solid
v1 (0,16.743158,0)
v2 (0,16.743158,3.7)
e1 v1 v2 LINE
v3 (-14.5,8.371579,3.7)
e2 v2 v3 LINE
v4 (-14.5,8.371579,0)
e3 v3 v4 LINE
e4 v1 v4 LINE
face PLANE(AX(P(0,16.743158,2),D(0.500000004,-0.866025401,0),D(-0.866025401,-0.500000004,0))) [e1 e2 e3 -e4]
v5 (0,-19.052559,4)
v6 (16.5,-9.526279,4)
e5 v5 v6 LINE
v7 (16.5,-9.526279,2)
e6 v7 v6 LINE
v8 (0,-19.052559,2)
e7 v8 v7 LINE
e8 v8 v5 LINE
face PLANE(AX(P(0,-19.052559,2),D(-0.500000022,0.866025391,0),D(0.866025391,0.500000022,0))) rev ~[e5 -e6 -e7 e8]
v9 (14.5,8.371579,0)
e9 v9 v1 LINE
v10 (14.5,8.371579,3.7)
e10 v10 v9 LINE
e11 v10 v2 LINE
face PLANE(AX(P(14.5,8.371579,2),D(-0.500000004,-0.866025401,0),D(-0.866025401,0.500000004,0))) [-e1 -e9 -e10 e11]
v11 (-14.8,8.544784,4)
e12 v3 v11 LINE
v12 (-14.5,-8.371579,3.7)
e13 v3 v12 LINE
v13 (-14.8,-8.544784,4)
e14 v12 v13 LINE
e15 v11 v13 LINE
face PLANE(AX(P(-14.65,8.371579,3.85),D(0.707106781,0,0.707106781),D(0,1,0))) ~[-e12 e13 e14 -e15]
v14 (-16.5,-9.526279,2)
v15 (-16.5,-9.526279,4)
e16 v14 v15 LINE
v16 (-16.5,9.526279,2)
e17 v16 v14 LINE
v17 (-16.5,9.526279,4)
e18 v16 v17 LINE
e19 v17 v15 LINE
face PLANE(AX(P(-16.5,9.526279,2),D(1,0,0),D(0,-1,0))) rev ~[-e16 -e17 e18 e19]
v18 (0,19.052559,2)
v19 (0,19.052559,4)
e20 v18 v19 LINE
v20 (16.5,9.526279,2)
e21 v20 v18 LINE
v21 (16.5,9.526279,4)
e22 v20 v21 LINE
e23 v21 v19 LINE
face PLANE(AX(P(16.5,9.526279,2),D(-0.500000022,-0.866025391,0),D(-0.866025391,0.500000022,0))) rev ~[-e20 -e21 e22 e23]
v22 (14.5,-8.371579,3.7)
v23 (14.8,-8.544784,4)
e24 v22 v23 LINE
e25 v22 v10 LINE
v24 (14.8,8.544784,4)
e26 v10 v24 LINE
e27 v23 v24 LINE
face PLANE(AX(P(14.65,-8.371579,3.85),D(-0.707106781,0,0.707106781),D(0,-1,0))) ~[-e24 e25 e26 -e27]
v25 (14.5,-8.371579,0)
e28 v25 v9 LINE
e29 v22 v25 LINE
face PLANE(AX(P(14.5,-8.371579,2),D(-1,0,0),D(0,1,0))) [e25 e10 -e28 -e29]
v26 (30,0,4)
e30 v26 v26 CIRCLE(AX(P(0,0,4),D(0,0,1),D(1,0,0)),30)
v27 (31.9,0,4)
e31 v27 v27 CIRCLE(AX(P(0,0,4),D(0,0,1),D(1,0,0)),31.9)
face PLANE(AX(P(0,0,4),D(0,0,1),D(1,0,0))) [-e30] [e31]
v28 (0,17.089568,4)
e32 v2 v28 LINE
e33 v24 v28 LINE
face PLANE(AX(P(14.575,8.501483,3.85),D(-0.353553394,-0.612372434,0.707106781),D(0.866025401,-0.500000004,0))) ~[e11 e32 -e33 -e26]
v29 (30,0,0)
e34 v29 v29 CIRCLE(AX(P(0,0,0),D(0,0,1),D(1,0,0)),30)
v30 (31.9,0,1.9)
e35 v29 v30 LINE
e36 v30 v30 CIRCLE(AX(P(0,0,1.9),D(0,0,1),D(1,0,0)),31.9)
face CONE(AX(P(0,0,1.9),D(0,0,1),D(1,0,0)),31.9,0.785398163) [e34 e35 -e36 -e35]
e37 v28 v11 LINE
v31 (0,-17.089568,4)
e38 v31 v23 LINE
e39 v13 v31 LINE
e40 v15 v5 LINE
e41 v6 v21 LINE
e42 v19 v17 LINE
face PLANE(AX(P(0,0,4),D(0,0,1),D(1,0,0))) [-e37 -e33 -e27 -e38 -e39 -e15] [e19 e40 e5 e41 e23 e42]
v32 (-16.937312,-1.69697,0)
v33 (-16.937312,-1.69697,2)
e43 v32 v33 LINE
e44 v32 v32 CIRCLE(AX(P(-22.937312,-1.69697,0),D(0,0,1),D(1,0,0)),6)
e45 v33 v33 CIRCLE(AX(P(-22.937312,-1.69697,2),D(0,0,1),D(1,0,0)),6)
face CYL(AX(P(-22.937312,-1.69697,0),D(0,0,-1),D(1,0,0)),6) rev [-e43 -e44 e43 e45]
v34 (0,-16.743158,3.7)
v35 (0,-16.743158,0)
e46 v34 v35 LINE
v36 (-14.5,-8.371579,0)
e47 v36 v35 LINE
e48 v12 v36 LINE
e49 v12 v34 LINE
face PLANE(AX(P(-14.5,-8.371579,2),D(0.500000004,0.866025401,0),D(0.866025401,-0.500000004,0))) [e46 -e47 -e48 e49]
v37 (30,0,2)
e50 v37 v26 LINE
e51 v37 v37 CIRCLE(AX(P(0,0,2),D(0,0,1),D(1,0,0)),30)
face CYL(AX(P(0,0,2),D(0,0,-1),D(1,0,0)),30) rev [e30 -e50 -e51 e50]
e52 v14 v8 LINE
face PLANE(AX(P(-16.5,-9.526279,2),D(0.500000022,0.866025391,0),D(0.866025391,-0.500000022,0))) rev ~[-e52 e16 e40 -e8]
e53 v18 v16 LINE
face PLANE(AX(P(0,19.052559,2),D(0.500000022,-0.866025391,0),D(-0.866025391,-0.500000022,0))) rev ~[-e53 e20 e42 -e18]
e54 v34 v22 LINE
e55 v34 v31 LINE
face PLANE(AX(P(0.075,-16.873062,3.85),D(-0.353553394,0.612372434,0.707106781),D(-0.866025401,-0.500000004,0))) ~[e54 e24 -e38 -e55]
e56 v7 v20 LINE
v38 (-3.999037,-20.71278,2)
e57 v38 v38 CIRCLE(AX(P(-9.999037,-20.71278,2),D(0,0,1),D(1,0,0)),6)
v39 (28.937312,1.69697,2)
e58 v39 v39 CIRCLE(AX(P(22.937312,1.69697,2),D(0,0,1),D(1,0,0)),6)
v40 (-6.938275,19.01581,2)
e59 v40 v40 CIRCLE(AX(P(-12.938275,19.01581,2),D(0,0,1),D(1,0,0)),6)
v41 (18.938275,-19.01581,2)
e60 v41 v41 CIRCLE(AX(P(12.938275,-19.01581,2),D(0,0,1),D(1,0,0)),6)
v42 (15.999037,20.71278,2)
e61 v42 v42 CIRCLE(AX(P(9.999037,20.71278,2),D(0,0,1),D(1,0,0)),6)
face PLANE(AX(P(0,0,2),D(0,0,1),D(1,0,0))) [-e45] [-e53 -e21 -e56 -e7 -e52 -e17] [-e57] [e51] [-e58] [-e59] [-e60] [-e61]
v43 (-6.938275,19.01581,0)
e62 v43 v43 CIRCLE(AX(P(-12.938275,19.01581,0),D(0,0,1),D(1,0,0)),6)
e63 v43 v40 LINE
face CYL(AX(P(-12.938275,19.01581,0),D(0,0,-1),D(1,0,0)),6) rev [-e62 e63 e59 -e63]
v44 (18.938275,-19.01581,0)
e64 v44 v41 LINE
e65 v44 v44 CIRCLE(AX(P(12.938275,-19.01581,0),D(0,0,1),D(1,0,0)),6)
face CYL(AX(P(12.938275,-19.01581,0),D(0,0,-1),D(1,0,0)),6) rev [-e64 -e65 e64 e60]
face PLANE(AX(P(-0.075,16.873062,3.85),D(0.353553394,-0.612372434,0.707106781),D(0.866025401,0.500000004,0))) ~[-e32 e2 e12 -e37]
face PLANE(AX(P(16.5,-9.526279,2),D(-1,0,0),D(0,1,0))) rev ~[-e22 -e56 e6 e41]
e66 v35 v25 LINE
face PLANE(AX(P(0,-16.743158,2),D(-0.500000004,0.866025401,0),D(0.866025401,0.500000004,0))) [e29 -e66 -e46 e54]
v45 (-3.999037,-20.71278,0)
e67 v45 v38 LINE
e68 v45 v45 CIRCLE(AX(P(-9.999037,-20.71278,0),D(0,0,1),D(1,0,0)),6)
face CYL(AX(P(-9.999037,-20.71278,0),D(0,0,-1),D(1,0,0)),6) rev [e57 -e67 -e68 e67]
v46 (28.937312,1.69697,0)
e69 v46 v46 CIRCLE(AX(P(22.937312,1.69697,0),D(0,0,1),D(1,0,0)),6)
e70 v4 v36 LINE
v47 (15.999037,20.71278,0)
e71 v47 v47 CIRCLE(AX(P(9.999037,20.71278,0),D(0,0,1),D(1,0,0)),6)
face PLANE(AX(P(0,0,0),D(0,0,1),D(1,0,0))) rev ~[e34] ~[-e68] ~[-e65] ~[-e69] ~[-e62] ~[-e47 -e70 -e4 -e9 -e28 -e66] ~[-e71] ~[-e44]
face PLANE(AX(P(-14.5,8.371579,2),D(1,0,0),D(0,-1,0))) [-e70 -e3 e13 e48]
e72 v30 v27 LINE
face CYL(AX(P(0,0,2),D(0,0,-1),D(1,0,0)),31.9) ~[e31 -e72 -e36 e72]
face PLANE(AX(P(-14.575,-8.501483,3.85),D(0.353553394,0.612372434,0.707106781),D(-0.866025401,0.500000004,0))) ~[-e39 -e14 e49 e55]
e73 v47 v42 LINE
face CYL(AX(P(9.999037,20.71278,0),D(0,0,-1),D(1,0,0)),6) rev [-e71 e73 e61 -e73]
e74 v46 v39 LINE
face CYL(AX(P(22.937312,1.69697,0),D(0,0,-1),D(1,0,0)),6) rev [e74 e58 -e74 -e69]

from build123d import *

# Parameters (mm, degrees)
SKETCH_R        = 31.9
SKETCH_R_2      = 6
PAD_DEPTH       = 2
SKETCH001_R     = 31.9
SKETCH001_R_2   = 30
PAD001_DEPTH    = 2
PAD002_DEPTH    = 2
CHAMFER_SIZE    = 1.9
CHAMFER001_SIZE = 0.3


with BuildPart() as part:
    # Sketch → Pad (new body)
    with BuildSketch(Plane.XY):
        Circle(SKETCH_R)
        with Locations((9.999037, 20.71278)):
            Circle(SKETCH_R_2, mode=Mode.SUBTRACT)
        with Locations((22.937312, 1.69697)):
            Circle(SKETCH_R_2, mode=Mode.SUBTRACT)
        with Locations((12.938275, -19.01581)):
            Circle(SKETCH_R_2, mode=Mode.SUBTRACT)
        with Locations((-9.999037, -20.71278)):
            Circle(SKETCH_R_2, mode=Mode.SUBTRACT)
        with Locations((-22.937312, -1.69697)):
            Circle(SKETCH_R_2, mode=Mode.SUBTRACT)
        with Locations((-12.938275, 19.01581)):
            Circle(SKETCH_R_2, mode=Mode.SUBTRACT)
        Polygon((0, 16.743158), (-14.5, 8.371579), (-14.5, -8.371579), (0, -16.743158), (14.5, -8.371579), (14.5, 8.371579), align=None, mode=Mode.SUBTRACT)
    extrude(amount=PAD_DEPTH)

    # Sketch001 (on Face15 of Pad) → Pad001 (join)
    with BuildSketch(Plane.XY.offset(2)):
        Circle(SKETCH001_R)
        Circle(SKETCH001_R_2, mode=Mode.SUBTRACT)
    extrude(amount=PAD001_DEPTH)

    # Sketch002 (on Face17 of Pad001) → Pad002 (join)
    with BuildSketch(Plane.XY.offset(2)):
        Polygon((0, 19.052559), (-16.5, 9.526279), (-16.5, -9.526279), (0, -19.052559), (16.5, -9.526279), (16.5, 9.526279), align=None)
        Polygon((0, 16.743158), (-14.5, 8.371579), (-14.5, -8.371579), (0, -16.743158), (14.5, -8.371579), (14.5, 8.371579), align=None, mode=Mode.SUBTRACT)
    extrude(amount=PAD002_DEPTH)

    # Chamfer
    chamfer_edges = [part.edges().sort_by_distance(p)[0] for p in [
        (-31.9, 0, 0),
    ]]
    chamfer(chamfer_edges, length=CHAMFER_SIZE)

    # Chamfer001
    chamfer001_edges = [part.edges().sort_by_distance(p)[0] for p in [
        (-7.25, -12.557368, 4),
        (-14.5, 0, 4),
        (-7.25, 12.557368, 4),
        (7.25, 12.557368, 4),
        (14.5, 0, 4),
        (7.25, -12.557368, 4),
    ]]
    chamfer(chamfer001_edges, length=CHAMFER001_SIZE)


solid = part.part
